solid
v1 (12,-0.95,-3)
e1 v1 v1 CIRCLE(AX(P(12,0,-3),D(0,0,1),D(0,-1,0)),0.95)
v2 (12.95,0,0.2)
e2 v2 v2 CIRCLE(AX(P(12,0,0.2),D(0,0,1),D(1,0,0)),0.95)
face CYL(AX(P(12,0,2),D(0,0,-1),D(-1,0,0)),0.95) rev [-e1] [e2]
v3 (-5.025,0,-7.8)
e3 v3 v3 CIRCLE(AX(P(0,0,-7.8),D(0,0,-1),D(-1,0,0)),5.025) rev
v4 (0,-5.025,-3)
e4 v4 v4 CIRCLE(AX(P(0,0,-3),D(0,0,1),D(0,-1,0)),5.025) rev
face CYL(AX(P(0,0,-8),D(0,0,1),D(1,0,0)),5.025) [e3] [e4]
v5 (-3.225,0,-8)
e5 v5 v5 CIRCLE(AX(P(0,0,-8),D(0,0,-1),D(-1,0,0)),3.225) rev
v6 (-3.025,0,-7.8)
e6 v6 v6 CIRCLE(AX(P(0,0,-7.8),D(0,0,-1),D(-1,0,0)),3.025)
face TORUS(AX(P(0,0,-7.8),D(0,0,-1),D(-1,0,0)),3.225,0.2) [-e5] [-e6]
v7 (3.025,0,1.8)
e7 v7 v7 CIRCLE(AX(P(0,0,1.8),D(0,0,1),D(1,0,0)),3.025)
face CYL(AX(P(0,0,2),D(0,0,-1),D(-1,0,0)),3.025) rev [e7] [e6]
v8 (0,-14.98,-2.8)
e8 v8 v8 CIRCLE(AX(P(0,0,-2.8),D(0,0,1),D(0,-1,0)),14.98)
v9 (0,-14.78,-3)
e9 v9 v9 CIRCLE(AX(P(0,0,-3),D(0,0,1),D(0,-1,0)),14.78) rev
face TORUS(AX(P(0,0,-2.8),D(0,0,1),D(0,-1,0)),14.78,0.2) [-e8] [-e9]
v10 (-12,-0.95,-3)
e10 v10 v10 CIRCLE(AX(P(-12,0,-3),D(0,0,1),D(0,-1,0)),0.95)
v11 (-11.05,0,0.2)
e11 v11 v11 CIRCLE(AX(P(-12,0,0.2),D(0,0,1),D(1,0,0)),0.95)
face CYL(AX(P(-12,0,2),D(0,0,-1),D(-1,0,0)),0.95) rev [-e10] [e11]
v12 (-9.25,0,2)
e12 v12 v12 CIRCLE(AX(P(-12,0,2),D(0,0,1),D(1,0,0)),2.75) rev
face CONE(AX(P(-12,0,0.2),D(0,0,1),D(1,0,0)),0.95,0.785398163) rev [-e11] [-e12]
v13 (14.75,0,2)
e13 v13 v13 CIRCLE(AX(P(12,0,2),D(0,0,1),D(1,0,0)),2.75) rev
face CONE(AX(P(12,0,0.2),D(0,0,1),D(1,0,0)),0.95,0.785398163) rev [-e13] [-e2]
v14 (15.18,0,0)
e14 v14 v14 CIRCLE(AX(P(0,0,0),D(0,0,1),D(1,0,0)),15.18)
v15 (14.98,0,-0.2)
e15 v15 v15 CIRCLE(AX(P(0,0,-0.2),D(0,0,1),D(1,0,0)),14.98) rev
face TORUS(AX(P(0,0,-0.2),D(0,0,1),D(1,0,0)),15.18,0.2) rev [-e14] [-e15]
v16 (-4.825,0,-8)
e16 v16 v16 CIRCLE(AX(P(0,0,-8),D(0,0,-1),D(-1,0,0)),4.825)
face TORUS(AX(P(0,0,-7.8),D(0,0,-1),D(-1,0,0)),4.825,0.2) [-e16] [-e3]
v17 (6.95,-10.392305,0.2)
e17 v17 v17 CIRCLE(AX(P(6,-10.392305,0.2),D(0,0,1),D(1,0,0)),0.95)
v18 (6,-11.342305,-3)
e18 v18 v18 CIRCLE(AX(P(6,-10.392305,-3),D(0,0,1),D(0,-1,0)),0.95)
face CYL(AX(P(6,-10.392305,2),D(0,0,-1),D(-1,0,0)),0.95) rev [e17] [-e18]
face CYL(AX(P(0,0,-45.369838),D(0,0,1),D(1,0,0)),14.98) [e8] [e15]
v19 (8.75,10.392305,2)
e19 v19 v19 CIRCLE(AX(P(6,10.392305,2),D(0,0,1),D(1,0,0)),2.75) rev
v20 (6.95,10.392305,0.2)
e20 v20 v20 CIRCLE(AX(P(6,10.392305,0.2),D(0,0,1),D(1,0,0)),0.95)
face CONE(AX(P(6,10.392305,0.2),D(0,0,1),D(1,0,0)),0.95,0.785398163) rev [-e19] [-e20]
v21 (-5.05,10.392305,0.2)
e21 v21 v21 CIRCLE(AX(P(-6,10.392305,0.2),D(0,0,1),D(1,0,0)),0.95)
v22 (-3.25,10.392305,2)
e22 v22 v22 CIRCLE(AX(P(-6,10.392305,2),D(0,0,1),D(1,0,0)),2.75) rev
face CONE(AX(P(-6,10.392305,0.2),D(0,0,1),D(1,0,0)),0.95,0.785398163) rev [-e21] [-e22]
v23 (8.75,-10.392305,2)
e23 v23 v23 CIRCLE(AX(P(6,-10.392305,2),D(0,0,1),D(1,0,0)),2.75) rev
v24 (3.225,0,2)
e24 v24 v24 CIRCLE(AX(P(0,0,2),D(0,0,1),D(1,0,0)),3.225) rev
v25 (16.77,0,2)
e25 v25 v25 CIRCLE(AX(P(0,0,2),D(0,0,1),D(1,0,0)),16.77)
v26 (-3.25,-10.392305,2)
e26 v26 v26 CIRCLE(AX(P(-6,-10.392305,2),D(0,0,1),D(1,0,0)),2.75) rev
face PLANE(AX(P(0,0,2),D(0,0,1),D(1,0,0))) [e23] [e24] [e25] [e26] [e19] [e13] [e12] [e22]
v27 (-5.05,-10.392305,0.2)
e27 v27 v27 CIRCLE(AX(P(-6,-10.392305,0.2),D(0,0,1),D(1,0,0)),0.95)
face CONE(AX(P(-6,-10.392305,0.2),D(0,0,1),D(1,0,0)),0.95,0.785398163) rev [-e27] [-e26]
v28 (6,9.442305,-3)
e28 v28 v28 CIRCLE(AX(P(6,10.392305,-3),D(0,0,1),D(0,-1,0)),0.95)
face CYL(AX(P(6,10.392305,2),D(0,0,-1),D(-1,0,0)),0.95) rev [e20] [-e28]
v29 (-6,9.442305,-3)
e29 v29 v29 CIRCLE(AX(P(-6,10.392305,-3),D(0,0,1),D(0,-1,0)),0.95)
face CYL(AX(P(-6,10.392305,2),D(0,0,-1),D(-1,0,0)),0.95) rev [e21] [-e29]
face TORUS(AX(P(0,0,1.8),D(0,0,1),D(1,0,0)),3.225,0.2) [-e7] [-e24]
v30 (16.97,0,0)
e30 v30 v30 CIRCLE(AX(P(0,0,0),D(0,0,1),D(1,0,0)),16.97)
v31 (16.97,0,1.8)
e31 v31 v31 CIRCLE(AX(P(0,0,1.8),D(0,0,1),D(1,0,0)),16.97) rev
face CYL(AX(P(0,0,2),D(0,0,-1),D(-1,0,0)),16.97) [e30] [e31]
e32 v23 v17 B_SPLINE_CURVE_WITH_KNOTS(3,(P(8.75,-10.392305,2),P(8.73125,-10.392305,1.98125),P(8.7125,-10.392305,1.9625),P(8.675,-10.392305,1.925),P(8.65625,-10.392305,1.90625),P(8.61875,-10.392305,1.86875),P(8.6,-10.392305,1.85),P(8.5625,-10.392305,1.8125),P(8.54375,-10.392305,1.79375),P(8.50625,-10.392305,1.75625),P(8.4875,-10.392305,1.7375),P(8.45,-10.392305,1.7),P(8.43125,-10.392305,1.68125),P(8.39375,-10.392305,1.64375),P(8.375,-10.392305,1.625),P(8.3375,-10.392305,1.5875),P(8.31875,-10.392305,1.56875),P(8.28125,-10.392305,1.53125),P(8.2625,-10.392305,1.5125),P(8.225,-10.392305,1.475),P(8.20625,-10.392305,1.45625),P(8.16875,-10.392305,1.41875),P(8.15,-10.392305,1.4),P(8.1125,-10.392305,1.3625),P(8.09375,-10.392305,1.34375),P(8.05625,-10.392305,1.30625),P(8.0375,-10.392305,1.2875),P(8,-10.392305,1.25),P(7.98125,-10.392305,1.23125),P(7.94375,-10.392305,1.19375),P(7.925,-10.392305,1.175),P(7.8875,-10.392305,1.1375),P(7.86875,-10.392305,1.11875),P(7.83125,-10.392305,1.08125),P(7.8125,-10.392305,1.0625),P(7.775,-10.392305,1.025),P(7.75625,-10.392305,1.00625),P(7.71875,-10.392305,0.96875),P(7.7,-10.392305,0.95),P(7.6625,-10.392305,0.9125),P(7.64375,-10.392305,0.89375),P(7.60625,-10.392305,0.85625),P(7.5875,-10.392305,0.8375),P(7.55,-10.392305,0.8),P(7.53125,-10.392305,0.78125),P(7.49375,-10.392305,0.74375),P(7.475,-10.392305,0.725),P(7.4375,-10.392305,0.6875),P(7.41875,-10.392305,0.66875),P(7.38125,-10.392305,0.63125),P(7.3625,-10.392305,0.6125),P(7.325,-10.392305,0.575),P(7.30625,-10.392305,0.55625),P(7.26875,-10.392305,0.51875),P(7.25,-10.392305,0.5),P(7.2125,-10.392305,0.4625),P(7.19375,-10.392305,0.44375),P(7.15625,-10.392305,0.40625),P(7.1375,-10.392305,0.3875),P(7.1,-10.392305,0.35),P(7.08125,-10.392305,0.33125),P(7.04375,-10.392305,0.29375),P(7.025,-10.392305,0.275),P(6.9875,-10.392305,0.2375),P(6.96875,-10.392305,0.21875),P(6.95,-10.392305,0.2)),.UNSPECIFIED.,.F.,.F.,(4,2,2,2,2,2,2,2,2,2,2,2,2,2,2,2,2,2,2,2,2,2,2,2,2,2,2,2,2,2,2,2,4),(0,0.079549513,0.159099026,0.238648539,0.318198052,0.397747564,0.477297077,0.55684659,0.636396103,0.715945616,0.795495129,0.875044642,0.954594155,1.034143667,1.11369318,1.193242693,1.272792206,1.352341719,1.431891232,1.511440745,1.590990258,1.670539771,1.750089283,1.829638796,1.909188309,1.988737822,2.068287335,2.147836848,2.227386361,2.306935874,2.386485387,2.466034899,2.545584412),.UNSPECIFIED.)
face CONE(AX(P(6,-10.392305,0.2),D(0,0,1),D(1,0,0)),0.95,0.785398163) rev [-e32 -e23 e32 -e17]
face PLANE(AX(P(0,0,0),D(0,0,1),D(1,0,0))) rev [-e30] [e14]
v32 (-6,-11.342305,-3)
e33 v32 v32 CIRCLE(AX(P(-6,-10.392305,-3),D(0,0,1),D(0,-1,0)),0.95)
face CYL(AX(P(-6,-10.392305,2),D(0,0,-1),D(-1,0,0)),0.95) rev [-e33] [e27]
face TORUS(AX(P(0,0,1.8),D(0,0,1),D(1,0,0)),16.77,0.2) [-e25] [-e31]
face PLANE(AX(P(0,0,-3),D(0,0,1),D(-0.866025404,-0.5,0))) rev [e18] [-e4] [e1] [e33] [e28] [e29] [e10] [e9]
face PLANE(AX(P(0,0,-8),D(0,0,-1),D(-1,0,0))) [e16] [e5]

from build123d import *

# Parameters (mm, degrees)
SKETCH_1_R      = 16.97
SKETCH_1_R_2    = 0.95
SKETCH_1_R_3    = 3.025
EXTRUDE_1_DEPTH = 2
EXTRUDE_START   = 3
SKETCH_4_R      = 14.98
SKETCH_4_R_2    = 0.95
SKETCH_4_R_3    = 3.025
EXTRUDE_2_DEPTH = 3
CHAMFER_1_SIZE  = 1.8
EXTRUDE_START_2 = 5
SKETCH_5_R      = 5.025
SKETCH_5_R_2    = 3.025
EXTRUDE_3_DEPTH = 5
FILLET_1_R      = 0.2
FILLET_2_R      = 0.2


with BuildPart() as part:
    # 草图1 → 凸台-拉伸1 (new body)
    with BuildSketch(Plane.XY):
        Circle(SKETCH_1_R)
        with Locations((-12, 0)):
            Circle(SKETCH_1_R_2, mode=Mode.SUBTRACT)
        with Locations((-6, 10.392304845)):
            Circle(SKETCH_1_R_2, mode=Mode.SUBTRACT)
        with Locations((6, 10.392304845)):
            Circle(SKETCH_1_R_2, mode=Mode.SUBTRACT)
        with Locations((12, 0)):
            Circle(SKETCH_1_R_2, mode=Mode.SUBTRACT)
        with Locations((-6, -10.392304845)):
            Circle(SKETCH_1_R_2, mode=Mode.SUBTRACT)
        with Locations((6, -10.392304845)):
            Circle(SKETCH_1_R_2, mode=Mode.SUBTRACT)
        Circle(SKETCH_1_R_3, mode=Mode.SUBTRACT)
    extrude(amount=EXTRUDE_1_DEPTH)

    # 草图4 → 凸台-拉伸2 (add)
    with BuildSketch(Plane(origin=(0, 0, 0), x_dir=(-1, 0, 0), z_dir=(0, 0, -1)).offset(EXTRUDE_START)):
        with Locations(Location((0, 0, 0), (0, 0, 270))):
            Circle(SKETCH_4_R)
        with Locations(Location((6, 10.392304845, 0), (0, 0, 270))):
            Circle(SKETCH_4_R_2, mode=Mode.SUBTRACT)
        with Locations(Location((12, 0, 0), (0, 0, 270))):
            Circle(SKETCH_4_R_2, mode=Mode.SUBTRACT)
        with Locations(Location((6, -10.392304845, 0), (0, 0, 270))):
            Circle(SKETCH_4_R_2, mode=Mode.SUBTRACT)
        with Locations(Location((-6, -10.392304845, 0), (0, 0, 270))):
            Circle(SKETCH_4_R_2, mode=Mode.SUBTRACT)
        with Locations(Location((-12, 0, 0), (0, 0, 270))):
            Circle(SKETCH_4_R_2, mode=Mode.SUBTRACT)
        with Locations(Location((-6, 10.392304845, 0), (0, 0, 270))):
            Circle(SKETCH_4_R_2, mode=Mode.SUBTRACT)
        with Locations(Location((0, 0, 0), (0, 0, 270))):
            Circle(SKETCH_4_R_3, mode=Mode.SUBTRACT)
    extrude(amount=-EXTRUDE_2_DEPTH)

    # 倒角1
    chamfer_1_edges = [part.edges().sort_by_distance(p)[0] for p in [
        (5.05, 10.392304845, 2),
        (11.05, 0, 2),
        (-6.95, -10.392304845, 2),
        (5.05, -10.392304845, 2),
        (-12.95, 0, 2),
        (-6.95, 10.392304845, 2),
    ]]
    chamfer(chamfer_1_edges, length=CHAMFER_1_SIZE)

    # 草图5 → 凸台-拉伸3 (add)
    with BuildSketch(Plane(origin=(0, 0, -3), x_dir=(-1, 0, 0), z_dir=(0, 0, -1)).offset(EXTRUDE_START_2)):
        with Locations(Location((0, 0, 0), (0, 0, 270))):
            Circle(SKETCH_5_R)
        Circle(SKETCH_5_R_2, mode=Mode.SUBTRACT)
    extrude(amount=-EXTRUDE_3_DEPTH)

    # 圆角1
    fillet_1_edges = [part.edges().sort_by_distance(p)[0] for p in [
        (0, 14.98, 0),
    ]]
    fillet(fillet_1_edges, radius=FILLET_1_R)

    # 圆角2
    fillet_2_edges = [part.edges().sort_by_distance(p)[0] for p in [
        (-3.025, 0, 2),
        (0, 14.98, -3),
        (-16.97, 0, 2),
        (0, 5.025, -8),
        (3.025, 0, -8),
    ]]
    fillet(fillet_2_edges, radius=FILLET_2_R)


solid = part.part
